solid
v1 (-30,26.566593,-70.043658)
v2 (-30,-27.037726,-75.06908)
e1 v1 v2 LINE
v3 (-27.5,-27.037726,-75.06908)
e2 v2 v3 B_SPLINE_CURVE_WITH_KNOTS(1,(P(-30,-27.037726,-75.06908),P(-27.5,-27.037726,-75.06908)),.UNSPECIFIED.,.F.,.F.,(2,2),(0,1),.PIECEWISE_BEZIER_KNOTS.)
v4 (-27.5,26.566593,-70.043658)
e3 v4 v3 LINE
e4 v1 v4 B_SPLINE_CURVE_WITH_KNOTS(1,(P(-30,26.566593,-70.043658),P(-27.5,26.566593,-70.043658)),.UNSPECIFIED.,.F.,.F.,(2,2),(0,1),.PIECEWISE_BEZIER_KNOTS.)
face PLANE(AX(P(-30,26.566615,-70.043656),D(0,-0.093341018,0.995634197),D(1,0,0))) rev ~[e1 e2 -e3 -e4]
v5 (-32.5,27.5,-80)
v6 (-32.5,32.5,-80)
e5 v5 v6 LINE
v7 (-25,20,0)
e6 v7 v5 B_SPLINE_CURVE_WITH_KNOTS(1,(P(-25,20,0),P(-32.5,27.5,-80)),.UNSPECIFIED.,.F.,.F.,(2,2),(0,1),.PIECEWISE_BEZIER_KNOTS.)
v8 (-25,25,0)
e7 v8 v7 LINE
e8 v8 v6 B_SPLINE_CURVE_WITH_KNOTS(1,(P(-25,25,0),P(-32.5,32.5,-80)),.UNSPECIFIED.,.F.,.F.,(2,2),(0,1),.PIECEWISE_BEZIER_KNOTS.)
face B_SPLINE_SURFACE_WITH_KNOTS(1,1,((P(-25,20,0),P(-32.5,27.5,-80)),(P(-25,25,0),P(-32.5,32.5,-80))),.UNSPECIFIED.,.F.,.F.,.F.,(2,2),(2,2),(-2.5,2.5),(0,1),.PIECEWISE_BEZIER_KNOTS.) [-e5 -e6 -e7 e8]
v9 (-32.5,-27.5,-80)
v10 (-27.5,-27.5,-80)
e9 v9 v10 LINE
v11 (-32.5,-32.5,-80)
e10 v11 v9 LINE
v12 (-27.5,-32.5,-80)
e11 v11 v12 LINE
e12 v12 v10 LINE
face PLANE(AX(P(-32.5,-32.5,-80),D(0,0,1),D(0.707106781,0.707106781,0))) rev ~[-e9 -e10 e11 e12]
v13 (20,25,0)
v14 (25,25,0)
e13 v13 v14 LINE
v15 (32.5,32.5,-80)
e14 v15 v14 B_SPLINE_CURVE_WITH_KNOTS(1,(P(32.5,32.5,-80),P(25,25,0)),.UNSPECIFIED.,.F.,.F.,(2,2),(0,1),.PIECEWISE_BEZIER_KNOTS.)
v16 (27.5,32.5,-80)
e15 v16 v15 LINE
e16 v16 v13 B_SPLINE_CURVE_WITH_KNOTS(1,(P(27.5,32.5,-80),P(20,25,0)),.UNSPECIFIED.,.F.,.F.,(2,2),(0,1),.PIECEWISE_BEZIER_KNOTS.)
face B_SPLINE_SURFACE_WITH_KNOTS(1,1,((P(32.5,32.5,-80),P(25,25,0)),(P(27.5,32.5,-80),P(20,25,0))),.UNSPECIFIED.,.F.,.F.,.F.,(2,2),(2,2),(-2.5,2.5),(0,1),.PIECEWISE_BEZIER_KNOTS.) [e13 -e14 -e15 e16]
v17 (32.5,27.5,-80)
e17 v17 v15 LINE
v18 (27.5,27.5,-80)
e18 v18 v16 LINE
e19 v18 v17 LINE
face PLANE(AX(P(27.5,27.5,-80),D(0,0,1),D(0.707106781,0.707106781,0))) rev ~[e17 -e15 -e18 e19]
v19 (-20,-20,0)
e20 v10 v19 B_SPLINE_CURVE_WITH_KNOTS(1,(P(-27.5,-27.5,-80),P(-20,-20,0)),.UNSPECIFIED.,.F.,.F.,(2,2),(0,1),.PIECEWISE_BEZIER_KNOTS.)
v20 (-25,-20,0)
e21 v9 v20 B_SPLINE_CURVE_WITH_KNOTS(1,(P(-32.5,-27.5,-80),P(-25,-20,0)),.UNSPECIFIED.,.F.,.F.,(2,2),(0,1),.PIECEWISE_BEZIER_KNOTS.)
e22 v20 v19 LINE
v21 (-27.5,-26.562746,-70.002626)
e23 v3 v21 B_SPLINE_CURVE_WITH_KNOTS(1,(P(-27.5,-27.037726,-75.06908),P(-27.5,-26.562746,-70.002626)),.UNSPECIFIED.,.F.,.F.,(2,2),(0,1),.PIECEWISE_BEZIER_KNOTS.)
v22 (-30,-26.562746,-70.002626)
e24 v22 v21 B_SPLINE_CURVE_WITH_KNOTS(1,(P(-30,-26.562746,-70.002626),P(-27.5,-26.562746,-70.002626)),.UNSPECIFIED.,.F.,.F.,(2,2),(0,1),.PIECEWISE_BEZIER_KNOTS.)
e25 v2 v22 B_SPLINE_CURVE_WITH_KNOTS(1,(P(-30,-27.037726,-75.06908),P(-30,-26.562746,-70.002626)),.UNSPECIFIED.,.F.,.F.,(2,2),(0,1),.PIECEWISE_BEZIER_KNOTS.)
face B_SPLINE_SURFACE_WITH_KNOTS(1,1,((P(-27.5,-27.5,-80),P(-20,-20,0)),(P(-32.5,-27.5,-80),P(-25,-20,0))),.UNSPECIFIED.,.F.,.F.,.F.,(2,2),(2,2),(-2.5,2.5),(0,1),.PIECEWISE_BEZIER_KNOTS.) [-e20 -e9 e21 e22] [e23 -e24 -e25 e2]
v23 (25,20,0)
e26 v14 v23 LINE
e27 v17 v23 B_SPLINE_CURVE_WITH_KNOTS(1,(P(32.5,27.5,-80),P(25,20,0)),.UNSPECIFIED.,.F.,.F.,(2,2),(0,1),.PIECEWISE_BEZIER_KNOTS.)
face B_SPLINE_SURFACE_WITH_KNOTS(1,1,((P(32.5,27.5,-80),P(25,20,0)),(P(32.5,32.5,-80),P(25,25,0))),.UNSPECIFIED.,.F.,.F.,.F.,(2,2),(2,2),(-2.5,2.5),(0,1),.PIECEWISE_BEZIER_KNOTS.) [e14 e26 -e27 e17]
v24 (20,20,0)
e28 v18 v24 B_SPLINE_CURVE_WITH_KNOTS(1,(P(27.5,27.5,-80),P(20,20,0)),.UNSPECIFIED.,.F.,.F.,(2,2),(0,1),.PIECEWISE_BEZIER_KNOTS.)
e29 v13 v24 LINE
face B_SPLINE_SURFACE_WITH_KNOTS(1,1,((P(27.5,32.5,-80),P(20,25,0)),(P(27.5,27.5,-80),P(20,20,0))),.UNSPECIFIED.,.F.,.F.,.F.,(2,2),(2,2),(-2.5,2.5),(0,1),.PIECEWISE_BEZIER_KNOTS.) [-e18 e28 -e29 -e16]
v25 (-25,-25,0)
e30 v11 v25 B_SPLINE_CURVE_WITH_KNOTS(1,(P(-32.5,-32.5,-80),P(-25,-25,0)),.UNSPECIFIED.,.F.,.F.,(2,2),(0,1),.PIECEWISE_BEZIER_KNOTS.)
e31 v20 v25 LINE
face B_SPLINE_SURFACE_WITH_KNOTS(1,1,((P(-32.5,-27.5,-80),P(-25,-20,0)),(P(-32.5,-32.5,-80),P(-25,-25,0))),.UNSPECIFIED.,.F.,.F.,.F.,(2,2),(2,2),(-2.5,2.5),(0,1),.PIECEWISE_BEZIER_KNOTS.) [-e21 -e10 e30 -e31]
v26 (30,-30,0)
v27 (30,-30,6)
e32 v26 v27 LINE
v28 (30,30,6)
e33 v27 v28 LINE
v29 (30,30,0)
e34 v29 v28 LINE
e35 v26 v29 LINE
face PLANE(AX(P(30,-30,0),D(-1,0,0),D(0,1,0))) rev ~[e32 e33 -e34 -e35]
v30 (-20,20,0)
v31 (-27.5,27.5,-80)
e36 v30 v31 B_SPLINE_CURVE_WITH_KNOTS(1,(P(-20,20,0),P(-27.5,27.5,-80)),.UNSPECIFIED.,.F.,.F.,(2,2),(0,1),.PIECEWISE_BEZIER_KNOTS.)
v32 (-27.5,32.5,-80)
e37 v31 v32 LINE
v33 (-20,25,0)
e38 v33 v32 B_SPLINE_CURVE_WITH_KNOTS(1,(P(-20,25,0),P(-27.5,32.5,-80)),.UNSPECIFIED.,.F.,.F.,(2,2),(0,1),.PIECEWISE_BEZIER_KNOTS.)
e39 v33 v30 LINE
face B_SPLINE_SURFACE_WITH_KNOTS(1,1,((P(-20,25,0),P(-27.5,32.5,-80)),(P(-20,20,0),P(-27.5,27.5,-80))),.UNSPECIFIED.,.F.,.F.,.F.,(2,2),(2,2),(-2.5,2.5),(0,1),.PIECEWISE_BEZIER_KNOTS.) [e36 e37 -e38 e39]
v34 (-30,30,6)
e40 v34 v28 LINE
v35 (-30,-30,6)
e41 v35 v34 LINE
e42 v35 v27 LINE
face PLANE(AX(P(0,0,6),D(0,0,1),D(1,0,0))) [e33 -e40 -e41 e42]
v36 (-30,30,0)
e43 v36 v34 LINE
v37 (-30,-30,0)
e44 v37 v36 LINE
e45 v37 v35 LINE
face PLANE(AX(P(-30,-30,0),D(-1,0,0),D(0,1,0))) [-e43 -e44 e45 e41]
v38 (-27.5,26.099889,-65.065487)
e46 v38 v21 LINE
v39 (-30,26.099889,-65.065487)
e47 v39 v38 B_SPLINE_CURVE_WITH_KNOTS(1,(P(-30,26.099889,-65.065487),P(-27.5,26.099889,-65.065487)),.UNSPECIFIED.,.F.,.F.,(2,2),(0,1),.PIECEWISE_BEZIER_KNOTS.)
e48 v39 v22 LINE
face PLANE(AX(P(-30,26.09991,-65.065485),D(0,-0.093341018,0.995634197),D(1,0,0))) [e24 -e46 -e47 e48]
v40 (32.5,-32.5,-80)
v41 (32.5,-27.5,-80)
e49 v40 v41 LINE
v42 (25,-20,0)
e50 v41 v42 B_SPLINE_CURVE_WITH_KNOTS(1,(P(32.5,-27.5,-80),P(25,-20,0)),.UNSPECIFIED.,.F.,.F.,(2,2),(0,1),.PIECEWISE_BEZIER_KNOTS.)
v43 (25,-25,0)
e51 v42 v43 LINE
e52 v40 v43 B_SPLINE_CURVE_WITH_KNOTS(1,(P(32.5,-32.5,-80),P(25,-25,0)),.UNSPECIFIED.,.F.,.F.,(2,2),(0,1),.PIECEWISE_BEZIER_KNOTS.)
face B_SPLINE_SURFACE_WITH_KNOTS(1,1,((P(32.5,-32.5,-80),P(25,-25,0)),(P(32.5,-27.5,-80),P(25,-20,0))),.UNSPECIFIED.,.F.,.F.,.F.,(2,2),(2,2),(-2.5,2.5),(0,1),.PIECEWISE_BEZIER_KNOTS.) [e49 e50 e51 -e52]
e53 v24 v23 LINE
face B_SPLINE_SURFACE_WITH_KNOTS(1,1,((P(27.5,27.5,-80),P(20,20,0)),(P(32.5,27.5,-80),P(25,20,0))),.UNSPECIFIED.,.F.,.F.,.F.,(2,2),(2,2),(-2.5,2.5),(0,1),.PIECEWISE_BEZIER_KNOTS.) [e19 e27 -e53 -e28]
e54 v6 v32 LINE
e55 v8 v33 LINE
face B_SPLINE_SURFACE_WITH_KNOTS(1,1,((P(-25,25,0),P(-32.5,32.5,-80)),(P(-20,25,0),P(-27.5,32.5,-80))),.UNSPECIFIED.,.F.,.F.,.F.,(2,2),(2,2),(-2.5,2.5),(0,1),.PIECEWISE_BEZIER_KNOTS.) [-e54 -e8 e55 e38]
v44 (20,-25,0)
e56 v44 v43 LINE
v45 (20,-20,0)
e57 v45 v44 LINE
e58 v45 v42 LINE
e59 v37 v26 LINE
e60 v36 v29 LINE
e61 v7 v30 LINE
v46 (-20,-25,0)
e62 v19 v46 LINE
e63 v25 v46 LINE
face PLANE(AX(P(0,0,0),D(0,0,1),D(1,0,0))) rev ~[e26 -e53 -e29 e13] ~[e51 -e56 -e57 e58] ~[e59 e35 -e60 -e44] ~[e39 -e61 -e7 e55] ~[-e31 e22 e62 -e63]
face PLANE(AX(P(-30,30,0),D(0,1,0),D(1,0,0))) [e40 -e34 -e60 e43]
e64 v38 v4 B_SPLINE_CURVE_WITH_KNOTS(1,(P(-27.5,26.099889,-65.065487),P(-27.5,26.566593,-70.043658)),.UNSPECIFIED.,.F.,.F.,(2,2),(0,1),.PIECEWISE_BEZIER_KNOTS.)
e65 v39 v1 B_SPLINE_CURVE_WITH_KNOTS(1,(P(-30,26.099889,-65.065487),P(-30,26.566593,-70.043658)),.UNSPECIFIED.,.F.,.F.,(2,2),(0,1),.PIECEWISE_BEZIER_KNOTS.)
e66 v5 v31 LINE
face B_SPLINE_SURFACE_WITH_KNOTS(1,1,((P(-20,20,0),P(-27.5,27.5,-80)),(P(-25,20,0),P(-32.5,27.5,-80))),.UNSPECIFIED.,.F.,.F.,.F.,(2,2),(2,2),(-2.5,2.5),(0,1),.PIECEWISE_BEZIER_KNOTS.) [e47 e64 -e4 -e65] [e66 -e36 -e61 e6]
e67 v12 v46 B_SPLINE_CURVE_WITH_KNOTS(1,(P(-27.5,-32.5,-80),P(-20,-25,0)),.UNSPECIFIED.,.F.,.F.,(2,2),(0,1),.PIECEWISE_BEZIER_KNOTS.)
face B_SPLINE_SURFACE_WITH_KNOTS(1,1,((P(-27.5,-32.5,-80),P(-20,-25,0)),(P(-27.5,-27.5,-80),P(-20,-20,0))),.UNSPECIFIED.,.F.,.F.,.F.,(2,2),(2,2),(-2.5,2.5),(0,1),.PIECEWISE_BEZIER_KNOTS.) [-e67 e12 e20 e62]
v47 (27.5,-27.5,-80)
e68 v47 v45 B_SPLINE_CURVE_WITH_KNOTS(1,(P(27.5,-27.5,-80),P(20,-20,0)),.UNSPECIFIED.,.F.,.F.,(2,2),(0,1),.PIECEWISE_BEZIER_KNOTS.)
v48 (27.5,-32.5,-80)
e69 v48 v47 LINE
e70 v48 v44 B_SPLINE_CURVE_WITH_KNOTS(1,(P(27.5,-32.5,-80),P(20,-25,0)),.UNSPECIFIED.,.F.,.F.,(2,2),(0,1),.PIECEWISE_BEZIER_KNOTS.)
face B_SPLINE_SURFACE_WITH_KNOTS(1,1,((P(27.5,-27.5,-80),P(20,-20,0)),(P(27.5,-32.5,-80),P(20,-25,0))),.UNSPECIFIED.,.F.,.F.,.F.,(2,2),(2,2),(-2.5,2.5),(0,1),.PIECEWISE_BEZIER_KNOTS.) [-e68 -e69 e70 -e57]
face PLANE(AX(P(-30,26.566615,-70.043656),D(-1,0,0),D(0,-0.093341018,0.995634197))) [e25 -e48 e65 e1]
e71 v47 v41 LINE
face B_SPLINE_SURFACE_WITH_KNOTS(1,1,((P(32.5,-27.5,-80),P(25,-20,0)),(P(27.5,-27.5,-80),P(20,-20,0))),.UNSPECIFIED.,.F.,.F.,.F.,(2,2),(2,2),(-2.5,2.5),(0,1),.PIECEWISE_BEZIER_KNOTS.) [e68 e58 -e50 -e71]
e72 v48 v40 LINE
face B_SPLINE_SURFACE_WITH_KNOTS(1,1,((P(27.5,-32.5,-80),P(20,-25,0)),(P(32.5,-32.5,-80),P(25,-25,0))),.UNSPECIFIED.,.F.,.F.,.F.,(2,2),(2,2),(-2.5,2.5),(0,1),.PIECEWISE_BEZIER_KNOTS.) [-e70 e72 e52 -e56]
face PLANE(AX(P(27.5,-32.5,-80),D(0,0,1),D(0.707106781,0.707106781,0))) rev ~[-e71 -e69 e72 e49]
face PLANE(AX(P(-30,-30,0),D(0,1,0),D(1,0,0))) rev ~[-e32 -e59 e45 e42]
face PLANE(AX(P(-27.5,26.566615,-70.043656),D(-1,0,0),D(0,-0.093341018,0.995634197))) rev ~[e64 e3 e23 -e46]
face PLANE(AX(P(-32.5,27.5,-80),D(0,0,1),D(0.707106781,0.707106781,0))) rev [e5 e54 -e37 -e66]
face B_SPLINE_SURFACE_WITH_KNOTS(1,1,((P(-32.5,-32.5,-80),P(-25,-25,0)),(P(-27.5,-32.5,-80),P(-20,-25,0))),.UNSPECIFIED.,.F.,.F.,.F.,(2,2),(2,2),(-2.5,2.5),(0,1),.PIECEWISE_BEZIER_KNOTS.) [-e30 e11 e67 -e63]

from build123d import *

# Parameters (mm, degrees)
F0_W      = 60
F0_H      = 60
F1_DEPTH  = 6
F2_W      = 5
F2_H      = 5
F4_W      = 5
F4_H      = 5
F7_W      = 5
F7_H      = 5
F6_W      = 5
F6_H      = 5
F9_W      = 5
F9_H      = 5
F10_W     = 5
F10_H     = 5
F12_W     = 5
F12_H     = 5
F13_W     = 5
F13_H     = 5
F15_W     = 2.5
F15_H     = 5
F16_DEPTH = 55


with BuildPart() as f1:
    # F0 (on Top) → F1 (new body)
    with BuildSketch(Plane.XY):
        Rectangle(F0_W, F0_H)
    extrude(amount=F1_DEPTH)

    # F2 (on face) → F5 section 0
    with BuildSketch(Plane(origin=(0, 0, 0), x_dir=(1, 0, 0), z_dir=(0, 0, -1))):
        with Locations((-22.5, -22.5)):
            Rectangle(F2_W, F2_H)
    # F4 (on offset) → F5 section 1
    with BuildSketch(Plane.XY.offset(-80)):
        with Locations((-30, 30)):
            Rectangle(F4_W, F4_H)
    loft()

    # F7 (on offset) → F8 section 0
    with BuildSketch(Plane.XY.offset(-80)):
        with Locations((-30, -30)):
            Rectangle(F7_W, F7_H)
    # F6 (on face) → F8 section 1
    with BuildSketch(Plane(origin=(0, 0, 0), x_dir=(1, 0, 0), z_dir=(0, 0, -1))):
        with Locations((-22.5, 22.5)):
            Rectangle(F6_W, F6_H)
    loft()

    # F9 (on offset) → F11 section 0
    with BuildSketch(Plane.XY.offset(-80)):
        with Locations((30, -30)):
            Rectangle(F9_W, F9_H)
    # F10 (on face) → F11 section 1
    with BuildSketch(Plane(origin=(0, 0, 0), x_dir=(1, 0, 0), z_dir=(0, 0, -1))):
        with Locations((22.5, 22.5)):
            Rectangle(F10_W, F10_H)
    loft()

    # F12 (on offset) → F14 section 0
    with BuildSketch(Plane.XY.offset(-80)):
        with Locations((30, 30)):
            Rectangle(F12_W, F12_H)
    # F13 (on face) → F14 section 1
    with BuildSketch(Plane(origin=(0, 0, 0), x_dir=(1, 0, 0), z_dir=(0, 0, -1))):
        with Locations((22.5, -22.5)):
            Rectangle(F13_W, F13_H)
    loft()

    # F15 (on face) → F16 (join)
    with BuildSketch(Plane(origin=(0, 19.82575, 1.858664), x_dir=(1, 0, 0), z_dir=(0, -0.995634, -0.093341))):
        with Locations((-28.75, -69.717608)):
            Rectangle(F15_W, F15_H)
    extrude(amount=F16_DEPTH)


solid = f1.part
